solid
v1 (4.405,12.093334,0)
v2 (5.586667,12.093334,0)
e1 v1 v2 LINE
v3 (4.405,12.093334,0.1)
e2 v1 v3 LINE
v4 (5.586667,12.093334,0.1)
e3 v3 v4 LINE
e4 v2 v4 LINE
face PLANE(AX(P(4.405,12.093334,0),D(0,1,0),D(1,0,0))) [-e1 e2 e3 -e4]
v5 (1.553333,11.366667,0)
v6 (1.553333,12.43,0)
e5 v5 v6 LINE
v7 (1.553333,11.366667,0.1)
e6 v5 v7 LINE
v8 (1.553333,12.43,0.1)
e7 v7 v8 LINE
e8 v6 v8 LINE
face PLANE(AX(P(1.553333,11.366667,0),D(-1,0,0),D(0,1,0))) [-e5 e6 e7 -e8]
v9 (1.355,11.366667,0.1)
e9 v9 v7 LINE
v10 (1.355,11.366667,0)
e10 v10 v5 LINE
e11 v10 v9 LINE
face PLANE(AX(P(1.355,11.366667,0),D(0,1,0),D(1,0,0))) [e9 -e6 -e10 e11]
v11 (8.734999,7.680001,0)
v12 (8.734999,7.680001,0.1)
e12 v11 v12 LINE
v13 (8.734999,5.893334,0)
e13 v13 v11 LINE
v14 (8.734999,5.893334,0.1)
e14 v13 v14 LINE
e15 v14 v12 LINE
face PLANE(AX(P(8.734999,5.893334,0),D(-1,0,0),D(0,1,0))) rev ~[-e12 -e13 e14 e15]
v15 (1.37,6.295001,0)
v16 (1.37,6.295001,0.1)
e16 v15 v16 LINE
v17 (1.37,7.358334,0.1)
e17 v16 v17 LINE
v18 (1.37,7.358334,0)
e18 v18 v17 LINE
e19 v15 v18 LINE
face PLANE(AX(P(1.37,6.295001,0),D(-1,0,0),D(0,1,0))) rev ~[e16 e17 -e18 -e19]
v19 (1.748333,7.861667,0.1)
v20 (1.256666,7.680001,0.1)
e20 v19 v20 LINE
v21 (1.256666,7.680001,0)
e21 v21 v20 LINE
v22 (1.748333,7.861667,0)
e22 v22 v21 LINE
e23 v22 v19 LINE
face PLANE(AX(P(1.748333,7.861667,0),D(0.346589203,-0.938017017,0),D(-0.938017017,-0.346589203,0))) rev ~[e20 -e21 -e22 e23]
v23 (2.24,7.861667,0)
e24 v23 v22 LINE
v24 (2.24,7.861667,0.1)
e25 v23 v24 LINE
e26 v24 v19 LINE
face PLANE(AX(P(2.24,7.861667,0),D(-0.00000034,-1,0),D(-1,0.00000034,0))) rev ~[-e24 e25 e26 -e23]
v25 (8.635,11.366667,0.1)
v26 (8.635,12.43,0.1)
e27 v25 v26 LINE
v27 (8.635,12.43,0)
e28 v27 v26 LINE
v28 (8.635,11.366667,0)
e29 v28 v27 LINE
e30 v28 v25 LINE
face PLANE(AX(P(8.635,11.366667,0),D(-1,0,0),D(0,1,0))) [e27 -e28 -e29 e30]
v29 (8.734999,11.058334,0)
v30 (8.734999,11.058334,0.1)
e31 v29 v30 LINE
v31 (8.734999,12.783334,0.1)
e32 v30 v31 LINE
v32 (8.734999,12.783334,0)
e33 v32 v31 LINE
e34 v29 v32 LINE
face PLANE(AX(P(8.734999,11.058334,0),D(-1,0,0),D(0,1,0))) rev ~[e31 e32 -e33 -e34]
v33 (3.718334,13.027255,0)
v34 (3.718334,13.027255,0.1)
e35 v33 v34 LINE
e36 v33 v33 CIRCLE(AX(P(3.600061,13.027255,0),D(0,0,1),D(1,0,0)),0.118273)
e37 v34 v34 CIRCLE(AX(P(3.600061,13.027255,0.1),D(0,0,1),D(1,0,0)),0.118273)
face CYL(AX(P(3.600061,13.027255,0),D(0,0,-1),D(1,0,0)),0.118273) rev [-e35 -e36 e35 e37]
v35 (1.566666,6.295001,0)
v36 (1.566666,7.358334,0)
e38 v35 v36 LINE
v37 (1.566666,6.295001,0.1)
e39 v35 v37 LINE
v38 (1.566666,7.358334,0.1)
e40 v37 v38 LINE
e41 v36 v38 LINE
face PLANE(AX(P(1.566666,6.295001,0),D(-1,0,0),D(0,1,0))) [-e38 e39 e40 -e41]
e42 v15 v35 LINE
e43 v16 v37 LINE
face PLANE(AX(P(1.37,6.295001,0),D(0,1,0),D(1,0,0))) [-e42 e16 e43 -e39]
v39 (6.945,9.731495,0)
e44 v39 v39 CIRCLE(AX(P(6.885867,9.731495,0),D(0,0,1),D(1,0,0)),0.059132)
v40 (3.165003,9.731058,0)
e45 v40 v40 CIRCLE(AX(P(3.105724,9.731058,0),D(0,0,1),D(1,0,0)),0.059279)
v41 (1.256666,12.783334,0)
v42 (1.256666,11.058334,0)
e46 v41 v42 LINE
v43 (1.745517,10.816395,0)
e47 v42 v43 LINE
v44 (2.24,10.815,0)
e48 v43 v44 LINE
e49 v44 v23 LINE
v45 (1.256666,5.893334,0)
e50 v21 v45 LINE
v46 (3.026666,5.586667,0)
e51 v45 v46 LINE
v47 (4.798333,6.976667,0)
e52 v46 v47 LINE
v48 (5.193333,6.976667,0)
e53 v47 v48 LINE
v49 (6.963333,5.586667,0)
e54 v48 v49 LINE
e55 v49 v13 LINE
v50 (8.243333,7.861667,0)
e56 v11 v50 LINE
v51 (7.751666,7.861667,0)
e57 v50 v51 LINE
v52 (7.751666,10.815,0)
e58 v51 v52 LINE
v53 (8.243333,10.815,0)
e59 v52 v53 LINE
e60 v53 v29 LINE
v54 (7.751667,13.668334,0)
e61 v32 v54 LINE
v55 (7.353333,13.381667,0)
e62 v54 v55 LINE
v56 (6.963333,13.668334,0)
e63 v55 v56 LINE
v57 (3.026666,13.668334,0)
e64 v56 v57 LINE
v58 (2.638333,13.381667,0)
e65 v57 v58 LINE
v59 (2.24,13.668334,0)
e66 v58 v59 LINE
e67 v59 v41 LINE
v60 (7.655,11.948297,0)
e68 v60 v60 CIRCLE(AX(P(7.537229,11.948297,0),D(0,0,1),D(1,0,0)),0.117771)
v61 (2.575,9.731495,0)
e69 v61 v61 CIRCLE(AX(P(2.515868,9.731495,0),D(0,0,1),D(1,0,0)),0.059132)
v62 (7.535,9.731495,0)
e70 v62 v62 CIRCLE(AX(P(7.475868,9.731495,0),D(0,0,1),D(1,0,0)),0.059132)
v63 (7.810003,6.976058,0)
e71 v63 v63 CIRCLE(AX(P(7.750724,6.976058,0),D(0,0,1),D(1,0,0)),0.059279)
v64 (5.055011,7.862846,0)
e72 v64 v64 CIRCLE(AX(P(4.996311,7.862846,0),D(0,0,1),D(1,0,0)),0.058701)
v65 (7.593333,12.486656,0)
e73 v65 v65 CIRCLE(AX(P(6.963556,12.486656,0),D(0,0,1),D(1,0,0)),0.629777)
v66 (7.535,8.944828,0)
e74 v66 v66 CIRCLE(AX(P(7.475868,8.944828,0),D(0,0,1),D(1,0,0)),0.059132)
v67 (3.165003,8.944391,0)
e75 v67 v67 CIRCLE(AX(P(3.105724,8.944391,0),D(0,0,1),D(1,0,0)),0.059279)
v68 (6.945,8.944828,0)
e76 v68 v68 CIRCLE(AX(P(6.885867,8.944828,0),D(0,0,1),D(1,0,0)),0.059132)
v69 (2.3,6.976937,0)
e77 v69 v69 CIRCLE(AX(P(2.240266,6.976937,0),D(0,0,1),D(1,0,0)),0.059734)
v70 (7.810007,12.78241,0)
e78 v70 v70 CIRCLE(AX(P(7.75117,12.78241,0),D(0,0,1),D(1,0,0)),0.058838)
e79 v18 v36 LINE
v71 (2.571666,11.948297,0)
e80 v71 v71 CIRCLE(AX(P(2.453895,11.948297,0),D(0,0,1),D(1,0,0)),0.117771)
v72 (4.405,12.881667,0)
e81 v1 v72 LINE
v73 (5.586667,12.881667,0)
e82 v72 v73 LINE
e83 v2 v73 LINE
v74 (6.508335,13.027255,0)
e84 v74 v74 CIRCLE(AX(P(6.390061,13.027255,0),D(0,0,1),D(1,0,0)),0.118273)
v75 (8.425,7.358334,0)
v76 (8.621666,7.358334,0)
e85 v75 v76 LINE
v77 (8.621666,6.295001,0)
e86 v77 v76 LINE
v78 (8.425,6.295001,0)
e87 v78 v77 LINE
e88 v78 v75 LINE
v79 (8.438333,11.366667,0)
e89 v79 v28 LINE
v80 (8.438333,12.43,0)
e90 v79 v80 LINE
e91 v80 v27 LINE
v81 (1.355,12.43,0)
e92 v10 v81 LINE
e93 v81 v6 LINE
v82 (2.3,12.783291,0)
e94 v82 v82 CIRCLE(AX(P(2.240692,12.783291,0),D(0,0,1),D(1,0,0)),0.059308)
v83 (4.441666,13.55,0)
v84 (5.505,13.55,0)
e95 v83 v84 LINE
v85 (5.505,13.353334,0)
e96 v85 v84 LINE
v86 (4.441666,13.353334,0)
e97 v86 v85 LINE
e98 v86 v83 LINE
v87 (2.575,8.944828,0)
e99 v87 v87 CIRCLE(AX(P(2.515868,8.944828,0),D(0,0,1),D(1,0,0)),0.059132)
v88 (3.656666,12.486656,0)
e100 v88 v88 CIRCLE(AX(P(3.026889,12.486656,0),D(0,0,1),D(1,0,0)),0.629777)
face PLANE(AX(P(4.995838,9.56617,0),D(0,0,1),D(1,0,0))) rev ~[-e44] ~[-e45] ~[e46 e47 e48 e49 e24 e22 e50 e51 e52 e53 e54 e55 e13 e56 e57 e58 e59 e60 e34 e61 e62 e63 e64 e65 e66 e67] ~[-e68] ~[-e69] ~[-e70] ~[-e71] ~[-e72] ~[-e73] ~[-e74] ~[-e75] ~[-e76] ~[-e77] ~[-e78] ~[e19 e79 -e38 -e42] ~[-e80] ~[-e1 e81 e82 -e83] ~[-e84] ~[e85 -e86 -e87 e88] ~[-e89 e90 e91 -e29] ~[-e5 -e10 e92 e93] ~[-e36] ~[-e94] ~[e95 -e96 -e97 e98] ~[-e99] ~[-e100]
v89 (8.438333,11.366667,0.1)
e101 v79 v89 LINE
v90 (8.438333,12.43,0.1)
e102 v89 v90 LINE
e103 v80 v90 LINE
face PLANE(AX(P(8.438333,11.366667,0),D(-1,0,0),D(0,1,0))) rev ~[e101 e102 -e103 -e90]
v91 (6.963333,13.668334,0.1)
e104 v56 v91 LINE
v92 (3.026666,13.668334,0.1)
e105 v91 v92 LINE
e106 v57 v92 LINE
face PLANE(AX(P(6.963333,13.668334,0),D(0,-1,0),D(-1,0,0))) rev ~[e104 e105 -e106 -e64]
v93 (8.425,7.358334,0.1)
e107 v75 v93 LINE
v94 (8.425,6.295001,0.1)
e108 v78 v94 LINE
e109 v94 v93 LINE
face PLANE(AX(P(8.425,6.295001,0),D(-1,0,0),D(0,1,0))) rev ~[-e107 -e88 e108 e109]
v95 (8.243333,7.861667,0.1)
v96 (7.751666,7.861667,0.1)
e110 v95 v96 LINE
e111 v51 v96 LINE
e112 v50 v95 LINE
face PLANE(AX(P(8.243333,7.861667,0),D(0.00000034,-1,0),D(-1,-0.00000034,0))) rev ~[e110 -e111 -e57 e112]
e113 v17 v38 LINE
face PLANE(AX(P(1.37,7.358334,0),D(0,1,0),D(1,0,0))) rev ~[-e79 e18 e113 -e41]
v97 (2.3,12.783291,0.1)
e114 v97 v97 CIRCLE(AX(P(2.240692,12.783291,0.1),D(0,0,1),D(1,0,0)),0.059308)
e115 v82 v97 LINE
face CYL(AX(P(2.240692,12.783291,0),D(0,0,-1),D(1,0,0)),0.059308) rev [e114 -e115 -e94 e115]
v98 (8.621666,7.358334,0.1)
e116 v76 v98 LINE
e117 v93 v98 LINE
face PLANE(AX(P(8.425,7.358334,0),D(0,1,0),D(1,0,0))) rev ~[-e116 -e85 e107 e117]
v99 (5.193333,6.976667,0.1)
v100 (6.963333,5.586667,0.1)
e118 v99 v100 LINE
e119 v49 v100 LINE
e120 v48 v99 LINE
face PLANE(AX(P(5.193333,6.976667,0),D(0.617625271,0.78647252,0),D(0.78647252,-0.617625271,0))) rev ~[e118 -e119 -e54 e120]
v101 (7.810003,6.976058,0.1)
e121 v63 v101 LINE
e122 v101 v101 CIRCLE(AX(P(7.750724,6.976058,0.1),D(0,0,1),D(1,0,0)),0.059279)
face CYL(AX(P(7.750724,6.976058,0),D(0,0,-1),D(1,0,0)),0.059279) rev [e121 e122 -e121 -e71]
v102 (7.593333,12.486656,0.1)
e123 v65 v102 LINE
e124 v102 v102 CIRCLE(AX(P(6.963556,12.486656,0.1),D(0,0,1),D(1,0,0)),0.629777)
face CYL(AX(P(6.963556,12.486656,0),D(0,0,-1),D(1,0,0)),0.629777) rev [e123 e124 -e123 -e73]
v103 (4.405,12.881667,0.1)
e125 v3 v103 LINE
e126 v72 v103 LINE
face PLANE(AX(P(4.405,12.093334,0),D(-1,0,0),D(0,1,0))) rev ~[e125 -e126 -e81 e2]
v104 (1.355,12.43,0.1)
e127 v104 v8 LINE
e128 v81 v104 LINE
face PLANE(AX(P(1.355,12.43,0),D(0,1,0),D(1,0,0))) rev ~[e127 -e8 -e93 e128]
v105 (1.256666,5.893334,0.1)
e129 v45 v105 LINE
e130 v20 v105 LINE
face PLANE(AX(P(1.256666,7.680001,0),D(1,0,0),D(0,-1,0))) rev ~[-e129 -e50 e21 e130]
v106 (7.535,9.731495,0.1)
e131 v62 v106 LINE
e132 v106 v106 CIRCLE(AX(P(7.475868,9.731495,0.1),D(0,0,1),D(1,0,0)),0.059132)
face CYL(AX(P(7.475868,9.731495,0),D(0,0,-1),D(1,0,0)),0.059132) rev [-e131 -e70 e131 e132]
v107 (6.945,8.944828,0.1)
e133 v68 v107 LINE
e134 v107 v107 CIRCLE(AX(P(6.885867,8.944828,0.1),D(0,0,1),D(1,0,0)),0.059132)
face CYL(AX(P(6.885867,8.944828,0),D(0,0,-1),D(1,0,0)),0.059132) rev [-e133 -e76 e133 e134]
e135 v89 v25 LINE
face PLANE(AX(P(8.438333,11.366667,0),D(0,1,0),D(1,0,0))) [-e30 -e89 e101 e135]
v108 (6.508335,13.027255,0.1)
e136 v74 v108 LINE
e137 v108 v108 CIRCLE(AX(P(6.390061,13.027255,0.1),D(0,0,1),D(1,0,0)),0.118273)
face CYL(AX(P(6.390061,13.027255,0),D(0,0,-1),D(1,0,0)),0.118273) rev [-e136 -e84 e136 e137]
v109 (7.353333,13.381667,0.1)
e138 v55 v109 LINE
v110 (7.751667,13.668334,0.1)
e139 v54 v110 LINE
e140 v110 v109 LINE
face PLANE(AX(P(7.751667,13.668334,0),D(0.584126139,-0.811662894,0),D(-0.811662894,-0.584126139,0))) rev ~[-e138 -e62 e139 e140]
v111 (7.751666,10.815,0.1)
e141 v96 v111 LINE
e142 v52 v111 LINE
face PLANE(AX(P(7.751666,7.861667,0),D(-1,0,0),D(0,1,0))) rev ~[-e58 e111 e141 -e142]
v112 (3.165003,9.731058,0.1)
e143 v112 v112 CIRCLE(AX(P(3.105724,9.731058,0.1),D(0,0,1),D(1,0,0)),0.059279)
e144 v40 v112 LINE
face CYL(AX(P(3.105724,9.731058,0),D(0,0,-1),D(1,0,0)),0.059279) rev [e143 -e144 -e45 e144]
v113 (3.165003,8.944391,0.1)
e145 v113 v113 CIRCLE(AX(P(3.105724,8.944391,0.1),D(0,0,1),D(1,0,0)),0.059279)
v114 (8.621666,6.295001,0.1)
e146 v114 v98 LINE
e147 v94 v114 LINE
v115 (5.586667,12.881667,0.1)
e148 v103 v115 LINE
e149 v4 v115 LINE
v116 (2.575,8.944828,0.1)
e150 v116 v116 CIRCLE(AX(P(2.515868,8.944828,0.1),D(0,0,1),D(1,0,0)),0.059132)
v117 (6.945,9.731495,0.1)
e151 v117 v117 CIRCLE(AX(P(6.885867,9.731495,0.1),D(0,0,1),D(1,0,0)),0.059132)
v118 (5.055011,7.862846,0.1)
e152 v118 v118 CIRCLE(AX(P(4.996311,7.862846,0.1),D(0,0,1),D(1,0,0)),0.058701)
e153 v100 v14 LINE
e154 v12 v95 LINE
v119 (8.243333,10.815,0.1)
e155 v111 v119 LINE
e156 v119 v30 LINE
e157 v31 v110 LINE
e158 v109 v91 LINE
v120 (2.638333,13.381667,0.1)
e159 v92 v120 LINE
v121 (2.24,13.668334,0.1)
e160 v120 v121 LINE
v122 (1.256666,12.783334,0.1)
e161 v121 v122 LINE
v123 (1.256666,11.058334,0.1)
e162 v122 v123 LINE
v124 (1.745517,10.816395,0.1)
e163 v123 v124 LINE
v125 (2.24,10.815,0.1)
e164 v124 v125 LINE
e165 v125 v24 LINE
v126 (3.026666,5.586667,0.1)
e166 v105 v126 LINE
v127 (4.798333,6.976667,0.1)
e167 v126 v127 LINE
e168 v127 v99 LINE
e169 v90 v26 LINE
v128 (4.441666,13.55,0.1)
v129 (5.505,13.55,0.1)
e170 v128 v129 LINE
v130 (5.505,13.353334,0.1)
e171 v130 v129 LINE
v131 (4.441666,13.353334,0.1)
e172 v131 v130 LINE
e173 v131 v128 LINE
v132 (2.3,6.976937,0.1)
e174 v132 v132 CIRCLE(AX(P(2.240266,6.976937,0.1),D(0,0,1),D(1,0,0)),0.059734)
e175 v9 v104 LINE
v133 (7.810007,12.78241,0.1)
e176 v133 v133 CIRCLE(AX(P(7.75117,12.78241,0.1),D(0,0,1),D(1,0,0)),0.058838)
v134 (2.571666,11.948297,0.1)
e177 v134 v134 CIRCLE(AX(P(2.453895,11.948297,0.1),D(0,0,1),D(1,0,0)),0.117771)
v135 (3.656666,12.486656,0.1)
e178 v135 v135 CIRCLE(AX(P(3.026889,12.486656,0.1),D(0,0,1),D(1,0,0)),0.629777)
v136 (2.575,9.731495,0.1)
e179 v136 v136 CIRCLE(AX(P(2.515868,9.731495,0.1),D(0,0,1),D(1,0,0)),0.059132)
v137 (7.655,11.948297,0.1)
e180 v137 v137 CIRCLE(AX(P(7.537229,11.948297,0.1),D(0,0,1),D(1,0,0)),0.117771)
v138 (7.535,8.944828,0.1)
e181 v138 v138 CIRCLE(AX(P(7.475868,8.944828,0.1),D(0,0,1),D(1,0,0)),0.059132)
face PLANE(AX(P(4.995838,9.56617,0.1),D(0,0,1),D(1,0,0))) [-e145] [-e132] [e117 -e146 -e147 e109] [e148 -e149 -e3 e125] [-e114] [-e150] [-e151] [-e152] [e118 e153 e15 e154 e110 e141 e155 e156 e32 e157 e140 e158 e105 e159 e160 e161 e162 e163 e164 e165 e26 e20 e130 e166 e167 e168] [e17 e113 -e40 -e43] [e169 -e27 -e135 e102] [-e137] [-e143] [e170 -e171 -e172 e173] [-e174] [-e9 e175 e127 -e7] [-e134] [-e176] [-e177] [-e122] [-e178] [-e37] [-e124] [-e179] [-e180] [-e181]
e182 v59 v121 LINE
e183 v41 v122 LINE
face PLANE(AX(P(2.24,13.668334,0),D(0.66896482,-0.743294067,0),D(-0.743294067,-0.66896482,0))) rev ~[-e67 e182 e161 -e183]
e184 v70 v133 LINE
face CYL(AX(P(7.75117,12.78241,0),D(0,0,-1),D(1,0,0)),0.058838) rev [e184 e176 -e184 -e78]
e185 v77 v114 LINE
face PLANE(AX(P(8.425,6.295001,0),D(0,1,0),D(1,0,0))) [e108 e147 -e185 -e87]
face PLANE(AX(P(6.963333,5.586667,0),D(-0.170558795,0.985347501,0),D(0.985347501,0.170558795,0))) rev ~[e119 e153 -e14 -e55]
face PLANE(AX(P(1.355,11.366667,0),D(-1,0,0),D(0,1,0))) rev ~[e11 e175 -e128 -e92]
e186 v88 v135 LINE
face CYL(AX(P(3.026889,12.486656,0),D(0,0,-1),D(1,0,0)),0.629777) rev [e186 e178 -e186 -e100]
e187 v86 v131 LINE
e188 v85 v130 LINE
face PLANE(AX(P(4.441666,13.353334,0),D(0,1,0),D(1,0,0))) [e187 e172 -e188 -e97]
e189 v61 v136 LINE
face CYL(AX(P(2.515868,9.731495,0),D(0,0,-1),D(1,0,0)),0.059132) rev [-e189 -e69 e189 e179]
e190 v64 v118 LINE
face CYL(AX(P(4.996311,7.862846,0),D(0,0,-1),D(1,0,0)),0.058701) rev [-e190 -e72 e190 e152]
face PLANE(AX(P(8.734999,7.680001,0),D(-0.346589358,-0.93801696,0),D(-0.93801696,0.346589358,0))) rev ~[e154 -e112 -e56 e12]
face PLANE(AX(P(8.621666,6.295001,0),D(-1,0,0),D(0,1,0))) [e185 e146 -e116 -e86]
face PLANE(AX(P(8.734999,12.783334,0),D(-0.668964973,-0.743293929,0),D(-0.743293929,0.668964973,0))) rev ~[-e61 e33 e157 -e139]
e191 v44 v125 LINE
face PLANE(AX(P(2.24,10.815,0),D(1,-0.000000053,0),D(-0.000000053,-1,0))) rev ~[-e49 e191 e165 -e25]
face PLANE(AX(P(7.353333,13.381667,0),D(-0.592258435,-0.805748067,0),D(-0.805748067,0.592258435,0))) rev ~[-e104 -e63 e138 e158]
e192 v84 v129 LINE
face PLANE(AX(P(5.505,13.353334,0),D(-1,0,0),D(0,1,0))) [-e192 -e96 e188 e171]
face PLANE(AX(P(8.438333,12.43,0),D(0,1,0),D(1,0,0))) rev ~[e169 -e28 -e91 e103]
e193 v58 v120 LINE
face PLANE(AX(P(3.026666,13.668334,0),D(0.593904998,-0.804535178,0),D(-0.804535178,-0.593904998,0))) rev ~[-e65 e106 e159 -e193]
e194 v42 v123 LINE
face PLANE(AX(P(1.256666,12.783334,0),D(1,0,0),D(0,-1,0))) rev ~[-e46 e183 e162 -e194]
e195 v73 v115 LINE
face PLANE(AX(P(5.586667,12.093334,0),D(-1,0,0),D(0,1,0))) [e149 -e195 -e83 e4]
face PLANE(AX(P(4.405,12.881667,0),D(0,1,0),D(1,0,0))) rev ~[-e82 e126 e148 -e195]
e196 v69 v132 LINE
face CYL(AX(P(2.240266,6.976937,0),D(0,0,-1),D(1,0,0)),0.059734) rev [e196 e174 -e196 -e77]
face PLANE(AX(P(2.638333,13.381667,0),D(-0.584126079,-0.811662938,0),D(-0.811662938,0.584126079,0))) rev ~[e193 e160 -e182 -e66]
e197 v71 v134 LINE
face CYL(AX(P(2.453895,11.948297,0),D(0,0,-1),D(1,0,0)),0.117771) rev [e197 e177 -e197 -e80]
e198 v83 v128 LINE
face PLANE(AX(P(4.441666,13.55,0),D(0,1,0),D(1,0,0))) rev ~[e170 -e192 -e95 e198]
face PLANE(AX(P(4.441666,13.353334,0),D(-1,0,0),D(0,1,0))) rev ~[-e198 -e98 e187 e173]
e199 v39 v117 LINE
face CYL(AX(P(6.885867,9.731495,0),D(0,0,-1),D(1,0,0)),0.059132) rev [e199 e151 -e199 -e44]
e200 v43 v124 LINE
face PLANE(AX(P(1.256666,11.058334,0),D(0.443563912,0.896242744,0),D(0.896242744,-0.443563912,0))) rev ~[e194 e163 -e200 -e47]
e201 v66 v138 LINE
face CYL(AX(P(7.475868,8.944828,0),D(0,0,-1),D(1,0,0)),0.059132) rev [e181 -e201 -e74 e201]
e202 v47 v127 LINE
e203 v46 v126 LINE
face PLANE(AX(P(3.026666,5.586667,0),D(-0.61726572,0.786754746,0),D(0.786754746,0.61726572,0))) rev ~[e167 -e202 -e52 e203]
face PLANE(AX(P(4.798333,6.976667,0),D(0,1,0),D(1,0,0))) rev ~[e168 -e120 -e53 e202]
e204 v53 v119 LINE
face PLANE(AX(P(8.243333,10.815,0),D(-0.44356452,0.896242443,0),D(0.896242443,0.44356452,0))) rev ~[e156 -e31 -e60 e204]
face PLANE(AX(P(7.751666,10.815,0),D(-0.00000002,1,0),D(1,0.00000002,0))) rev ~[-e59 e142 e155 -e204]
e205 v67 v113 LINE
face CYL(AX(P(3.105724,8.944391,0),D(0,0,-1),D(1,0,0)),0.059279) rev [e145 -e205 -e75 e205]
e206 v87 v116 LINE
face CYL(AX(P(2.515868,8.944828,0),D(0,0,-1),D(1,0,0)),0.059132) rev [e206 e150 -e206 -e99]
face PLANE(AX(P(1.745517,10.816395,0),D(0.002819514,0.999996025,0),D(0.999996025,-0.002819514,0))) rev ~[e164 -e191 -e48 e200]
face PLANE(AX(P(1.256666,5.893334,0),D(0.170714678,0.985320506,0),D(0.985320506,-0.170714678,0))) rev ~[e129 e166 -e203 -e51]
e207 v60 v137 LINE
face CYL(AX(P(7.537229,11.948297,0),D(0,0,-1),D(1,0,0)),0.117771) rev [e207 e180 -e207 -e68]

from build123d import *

# Parameters (mm, degrees)
MODEL_W             = 0.196666719
MODEL_H             = 1.063333355
MODEL_R             = 0.059734003
MODEL_R_2           = 0.059132363
MODEL_R_3           = 0.058700681
MODEL_R_4           = 0.059278631
MODEL_W_2           = 0.198333417
MODEL_H_2           = 1.063332875
MODEL_R_5           = 0.117771094
MODEL_R_6           = 0.059308134
MODEL_R_7           = 0.629776797
MODEL_W_3           = 1.181666698
MODEL_H_3           = 0.788333261
MODEL_R_8           = 0.118273295
MODEL_W_4           = 1.06333351
MODEL_H_4           = 0.196666719
MODEL_W_5           = 0.196666718
MODEL_R_9           = 0.058837572
BOSS_EXTRUDE2_DEPTH = 0.1


with BuildPart() as part:
    # Model → Boss-Extrude2 (new body)
    with BuildSketch(Plane.XY):
        Polygon((8.243333021, 10.81500034), (8.73499949, 11.05833383), (8.73499949, 12.783333892), (7.751666542, 13.668334122), (7.353333302, 13.381667257), (6.963333125, 13.668333653), (3.026666479, 13.668333653), (2.63833299, 13.381667257), (2.239999688, 13.668334122), (1.256666333, 12.783333892), (1.256666333, 11.05833383), (1.745516576, 10.816394548), (2.23999976, 10.81500034), (2.239999604, 7.861666955), (1.748333052, 7.861667122), (1.256666333, 7.680000507), (1.256666333, 6.976667205), (1.256666333, 5.893333872), (3.026666313, 5.586667184), (4.798333, 6.976667205), (5.193333135, 6.976667205), (6.963333281, 5.586667184), (8.73499949, 5.893333872), (8.73499949, 6.976667205), (8.73499949, 7.680000507), (8.243333021, 7.861667122), (7.751666458, 7.861666955), (7.751666458, 8.851667372), (7.751666458, 9.825000726), (7.751666458, 10.81500033), align=None)
        with Locations((1.468333079, 6.826667195)):
            Rectangle(MODEL_W, MODEL_H, mode=Mode.SUBTRACT)
        with Locations((2.240266314, 6.976936858)):
            Circle(MODEL_R, mode=Mode.SUBTRACT)
        with Locations((2.515867534, 8.944828144)):
            Circle(MODEL_R_2, mode=Mode.SUBTRACT)
        with Locations((4.996310649, 7.8628457)):
            Circle(MODEL_R_3, mode=Mode.SUBTRACT)
        with Locations((3.105723982, 8.944391158)):
            Circle(MODEL_R_4, mode=Mode.SUBTRACT)
        with Locations((7.75072444, 6.976057752)):
            Circle(MODEL_R_4, mode=Mode.SUBTRACT)
        with Locations((8.523333068, 6.826667195)):
            Rectangle(MODEL_W, MODEL_H, mode=Mode.SUBTRACT)
        with Locations((6.88586742, 8.944828144)):
            Circle(MODEL_R_2, mode=Mode.SUBTRACT)
        with Locations((7.475867576, 8.944828144)):
            Circle(MODEL_R_2, mode=Mode.SUBTRACT)
        with Locations((2.515867534, 9.731494696)):
            Circle(MODEL_R_2, mode=Mode.SUBTRACT)
        with Locations((3.105723982, 9.73105771)):
            Circle(MODEL_R_4, mode=Mode.SUBTRACT)
        with Locations((1.454166407, 11.89833383)):
            Rectangle(MODEL_W_2, MODEL_H_2, mode=Mode.SUBTRACT)
        with Locations((2.453895151, 11.948297187)):
            Circle(MODEL_R_5, mode=Mode.SUBTRACT)
        with Locations((2.24069159, 12.783291009)):
            Circle(MODEL_R_6, mode=Mode.SUBTRACT)
        with Locations((3.026889474, 12.486656436)):
            Circle(MODEL_R_7, mode=Mode.SUBTRACT)
        with Locations((4.995833234, 12.487500794)):
            Rectangle(MODEL_W_3, MODEL_H_3, mode=Mode.SUBTRACT)
        with Locations((3.600060926, 13.027254837)):
            Circle(MODEL_R_8, mode=Mode.SUBTRACT)
        with Locations((4.97333288, 13.451667117)):
            Rectangle(MODEL_W_4, MODEL_H_4, mode=Mode.SUBTRACT)
        with Locations((6.88586742, 9.731494696)):
            Circle(MODEL_R_2, mode=Mode.SUBTRACT)
        with Locations((7.475867576, 9.731494696)):
            Circle(MODEL_R_2, mode=Mode.SUBTRACT)
        with Locations((6.963555964, 12.486656436)):
            Circle(MODEL_R_7, mode=Mode.SUBTRACT)
        with Locations((6.390061207, 13.027254837)):
            Circle(MODEL_R_8, mode=Mode.SUBTRACT)
        with Locations((7.537228797, 11.948297187)):
            Circle(MODEL_R_5, mode=Mode.SUBTRACT)
        with Locations((8.536666703, 11.89833383)):
            Rectangle(MODEL_W_5, MODEL_H_2, mode=Mode.SUBTRACT)
        with Locations((7.751169616, 12.782410364)):
            Circle(MODEL_R_9, mode=Mode.SUBTRACT)
    extrude(amount=BOSS_EXTRUDE2_DEPTH)


solid = part.part
